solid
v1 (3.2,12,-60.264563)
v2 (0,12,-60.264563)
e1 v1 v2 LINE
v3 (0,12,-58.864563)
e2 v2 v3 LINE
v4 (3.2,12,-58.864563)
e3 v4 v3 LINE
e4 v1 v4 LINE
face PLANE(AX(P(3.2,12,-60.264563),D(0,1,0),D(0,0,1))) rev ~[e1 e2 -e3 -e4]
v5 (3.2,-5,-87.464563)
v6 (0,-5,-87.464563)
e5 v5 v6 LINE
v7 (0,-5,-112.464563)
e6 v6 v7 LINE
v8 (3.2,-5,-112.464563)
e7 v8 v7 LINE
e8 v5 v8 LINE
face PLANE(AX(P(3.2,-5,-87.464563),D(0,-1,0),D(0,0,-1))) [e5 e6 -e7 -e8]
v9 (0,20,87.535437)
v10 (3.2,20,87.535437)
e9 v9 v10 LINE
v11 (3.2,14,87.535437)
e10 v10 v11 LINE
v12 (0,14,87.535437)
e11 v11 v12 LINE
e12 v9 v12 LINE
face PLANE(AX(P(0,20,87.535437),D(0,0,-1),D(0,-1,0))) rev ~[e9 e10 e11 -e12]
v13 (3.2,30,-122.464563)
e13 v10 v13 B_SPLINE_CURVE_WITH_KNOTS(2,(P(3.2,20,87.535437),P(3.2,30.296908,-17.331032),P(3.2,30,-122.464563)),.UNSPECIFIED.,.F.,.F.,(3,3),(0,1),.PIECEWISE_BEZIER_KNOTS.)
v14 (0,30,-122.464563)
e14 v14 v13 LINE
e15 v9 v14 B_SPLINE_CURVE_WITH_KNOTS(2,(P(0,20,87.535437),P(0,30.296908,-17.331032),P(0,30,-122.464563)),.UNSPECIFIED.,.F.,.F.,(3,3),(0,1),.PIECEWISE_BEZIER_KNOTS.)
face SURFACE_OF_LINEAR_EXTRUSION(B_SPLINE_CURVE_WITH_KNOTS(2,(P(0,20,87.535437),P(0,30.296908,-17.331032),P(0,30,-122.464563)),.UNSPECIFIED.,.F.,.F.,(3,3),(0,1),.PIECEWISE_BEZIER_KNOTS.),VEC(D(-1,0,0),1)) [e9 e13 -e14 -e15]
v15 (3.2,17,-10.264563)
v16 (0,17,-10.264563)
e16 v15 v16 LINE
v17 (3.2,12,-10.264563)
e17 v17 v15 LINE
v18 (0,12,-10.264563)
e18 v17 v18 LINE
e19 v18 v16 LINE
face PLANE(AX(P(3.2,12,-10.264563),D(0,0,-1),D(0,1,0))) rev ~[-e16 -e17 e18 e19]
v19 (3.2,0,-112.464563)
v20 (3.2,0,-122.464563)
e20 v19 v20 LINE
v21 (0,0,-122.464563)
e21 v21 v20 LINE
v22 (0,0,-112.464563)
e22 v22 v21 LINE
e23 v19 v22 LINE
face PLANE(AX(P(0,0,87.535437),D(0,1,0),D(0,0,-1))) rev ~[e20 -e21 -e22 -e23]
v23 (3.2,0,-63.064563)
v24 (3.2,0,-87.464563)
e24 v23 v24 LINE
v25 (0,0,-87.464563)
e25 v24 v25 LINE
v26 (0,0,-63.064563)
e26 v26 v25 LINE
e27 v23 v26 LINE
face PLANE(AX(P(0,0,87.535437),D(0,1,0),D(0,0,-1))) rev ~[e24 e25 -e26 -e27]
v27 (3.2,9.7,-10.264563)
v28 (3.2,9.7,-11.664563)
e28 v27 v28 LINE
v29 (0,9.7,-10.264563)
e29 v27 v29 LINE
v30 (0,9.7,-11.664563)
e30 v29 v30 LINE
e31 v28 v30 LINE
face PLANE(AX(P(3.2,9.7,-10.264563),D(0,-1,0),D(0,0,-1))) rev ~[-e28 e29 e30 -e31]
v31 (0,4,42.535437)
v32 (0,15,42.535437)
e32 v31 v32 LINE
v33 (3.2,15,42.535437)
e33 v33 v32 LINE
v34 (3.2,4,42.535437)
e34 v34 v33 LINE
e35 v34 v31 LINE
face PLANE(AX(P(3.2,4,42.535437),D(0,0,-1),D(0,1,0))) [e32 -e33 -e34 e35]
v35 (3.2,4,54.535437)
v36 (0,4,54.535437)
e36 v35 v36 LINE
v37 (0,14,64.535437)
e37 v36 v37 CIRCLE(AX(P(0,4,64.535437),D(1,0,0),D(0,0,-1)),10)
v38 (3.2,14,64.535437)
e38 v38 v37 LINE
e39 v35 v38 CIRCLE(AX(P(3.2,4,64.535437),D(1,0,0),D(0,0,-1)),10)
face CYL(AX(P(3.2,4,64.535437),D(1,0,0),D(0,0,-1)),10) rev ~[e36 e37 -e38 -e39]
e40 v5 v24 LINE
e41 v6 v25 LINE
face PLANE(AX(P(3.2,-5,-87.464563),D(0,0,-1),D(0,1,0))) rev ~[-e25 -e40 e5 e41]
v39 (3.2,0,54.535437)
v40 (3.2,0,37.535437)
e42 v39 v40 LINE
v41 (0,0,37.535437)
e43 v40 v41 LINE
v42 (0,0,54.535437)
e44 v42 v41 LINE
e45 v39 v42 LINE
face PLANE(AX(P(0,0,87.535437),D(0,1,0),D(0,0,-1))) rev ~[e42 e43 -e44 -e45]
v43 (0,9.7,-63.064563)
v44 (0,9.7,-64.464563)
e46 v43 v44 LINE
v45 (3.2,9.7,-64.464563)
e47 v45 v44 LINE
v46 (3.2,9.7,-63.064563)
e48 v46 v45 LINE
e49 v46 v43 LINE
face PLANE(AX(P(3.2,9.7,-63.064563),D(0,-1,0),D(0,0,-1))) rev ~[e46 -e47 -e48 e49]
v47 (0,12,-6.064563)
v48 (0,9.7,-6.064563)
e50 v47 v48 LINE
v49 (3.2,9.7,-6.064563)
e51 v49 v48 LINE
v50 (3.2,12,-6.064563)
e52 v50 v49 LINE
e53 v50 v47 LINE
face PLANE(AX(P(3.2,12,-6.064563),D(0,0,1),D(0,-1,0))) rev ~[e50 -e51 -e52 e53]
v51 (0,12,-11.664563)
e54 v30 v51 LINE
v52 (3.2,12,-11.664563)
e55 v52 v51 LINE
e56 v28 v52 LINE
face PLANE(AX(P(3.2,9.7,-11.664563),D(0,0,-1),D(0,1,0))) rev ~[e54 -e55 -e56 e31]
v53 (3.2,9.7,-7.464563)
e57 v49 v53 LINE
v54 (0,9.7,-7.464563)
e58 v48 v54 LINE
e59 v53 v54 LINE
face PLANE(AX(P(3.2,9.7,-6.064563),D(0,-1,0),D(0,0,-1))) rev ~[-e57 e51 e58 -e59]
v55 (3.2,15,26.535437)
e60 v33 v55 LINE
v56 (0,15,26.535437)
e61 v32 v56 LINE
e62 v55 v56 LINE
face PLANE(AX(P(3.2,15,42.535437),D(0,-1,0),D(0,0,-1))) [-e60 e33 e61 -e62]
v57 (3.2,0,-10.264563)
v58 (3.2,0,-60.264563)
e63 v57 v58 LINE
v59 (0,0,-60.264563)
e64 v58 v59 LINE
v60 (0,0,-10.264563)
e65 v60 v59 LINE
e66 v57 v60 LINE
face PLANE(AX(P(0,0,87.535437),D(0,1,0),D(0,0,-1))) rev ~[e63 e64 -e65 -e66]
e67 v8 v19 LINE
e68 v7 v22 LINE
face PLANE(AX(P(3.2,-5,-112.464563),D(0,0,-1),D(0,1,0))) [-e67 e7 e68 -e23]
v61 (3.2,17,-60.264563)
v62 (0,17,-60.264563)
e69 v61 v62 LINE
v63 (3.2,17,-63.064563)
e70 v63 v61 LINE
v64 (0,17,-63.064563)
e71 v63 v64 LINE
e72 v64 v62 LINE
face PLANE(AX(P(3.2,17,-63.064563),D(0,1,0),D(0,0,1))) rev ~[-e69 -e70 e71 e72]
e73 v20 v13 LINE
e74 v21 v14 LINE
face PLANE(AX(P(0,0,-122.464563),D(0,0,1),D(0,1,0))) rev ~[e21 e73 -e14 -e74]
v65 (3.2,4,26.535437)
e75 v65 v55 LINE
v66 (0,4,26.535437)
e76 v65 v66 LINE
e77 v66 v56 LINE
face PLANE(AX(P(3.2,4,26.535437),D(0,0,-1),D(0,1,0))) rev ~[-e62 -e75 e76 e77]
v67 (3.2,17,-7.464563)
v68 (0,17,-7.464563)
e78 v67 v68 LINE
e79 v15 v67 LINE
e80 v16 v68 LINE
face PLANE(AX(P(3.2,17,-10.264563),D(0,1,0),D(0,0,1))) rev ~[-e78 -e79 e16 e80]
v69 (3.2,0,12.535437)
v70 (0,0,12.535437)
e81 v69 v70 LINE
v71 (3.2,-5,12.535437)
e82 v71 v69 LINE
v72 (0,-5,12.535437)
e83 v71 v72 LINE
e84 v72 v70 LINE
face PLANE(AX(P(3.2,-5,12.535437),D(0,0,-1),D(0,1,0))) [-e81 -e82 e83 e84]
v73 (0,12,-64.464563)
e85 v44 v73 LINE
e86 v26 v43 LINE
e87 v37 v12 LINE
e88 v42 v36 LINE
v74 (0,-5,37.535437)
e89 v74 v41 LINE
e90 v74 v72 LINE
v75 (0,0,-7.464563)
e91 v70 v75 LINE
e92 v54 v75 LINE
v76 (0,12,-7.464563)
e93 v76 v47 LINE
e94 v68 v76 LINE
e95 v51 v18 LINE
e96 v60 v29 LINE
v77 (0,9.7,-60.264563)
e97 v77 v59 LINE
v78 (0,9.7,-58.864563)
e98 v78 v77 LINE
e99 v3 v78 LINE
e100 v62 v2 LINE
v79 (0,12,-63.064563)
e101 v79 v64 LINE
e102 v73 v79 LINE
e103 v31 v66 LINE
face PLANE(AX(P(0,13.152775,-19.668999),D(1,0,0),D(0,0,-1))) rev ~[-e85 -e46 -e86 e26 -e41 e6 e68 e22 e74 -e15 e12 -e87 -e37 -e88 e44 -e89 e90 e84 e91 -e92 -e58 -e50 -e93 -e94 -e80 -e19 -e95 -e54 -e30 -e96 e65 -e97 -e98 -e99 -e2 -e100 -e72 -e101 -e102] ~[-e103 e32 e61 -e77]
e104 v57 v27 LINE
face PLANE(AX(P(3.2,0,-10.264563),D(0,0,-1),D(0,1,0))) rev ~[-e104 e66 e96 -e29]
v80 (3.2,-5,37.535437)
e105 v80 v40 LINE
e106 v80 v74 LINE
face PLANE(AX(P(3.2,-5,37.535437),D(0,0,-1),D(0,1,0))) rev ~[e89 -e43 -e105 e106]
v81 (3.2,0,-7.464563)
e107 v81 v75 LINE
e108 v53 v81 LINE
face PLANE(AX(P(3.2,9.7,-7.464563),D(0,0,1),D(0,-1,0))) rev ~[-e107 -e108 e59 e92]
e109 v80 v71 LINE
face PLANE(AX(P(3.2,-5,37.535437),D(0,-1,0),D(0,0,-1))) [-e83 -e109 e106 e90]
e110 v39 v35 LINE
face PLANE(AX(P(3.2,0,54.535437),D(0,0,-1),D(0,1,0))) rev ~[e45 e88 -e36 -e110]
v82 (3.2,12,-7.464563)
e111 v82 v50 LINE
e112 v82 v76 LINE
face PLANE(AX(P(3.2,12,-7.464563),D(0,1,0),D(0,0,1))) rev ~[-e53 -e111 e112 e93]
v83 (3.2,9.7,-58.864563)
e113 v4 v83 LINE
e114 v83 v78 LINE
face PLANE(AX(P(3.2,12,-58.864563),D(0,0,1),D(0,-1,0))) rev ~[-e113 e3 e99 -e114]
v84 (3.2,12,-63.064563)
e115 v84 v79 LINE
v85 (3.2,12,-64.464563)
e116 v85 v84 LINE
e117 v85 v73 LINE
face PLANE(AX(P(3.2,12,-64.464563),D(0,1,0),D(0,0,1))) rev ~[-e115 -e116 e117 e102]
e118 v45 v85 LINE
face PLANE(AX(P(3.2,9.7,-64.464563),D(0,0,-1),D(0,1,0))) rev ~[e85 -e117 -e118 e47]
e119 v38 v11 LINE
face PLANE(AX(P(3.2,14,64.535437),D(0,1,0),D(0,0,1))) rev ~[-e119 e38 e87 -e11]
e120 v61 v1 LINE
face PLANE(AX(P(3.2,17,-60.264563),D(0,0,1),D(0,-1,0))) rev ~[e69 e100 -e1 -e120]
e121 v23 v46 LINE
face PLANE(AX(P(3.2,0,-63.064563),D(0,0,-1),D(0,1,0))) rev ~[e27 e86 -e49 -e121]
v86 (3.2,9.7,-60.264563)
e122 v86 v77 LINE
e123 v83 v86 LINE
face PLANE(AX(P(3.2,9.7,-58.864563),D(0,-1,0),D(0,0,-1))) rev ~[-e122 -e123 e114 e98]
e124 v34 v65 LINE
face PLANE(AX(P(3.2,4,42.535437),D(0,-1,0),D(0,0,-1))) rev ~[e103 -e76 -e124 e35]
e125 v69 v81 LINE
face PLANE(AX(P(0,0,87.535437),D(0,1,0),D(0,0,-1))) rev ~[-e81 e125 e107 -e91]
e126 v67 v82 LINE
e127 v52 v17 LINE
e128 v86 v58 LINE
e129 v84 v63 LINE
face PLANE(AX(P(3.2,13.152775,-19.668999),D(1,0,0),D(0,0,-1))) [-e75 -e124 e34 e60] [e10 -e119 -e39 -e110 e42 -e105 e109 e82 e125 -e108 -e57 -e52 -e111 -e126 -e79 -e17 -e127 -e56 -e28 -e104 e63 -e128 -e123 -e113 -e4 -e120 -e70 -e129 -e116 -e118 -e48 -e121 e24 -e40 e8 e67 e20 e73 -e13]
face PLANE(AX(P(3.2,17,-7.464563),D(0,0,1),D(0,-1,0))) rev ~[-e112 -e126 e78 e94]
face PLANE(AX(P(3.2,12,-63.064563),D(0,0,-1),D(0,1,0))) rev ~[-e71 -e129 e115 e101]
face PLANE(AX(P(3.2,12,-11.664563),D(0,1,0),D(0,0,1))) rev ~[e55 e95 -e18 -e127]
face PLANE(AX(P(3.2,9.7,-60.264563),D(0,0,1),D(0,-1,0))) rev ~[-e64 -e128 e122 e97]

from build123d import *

# Parameters (mm, degrees)
MAIN_DEPTH        = 3.2
WHEEL_DEPTH       = 3.2
SKETCH3_W         = 25
SKETCH3_H         = 5
TABS_DEPTH        = 3.2
SCREW_HOLES_DEPTH = 3.2
SKETCH6_W         = 16
SKETCH6_H         = 11
USB_HOLE_DEPTH    = 3.2


with BuildPart() as part:
    # Sketch1 → main (new body)
    with BuildSketch(Plane(origin=(0, 0, 0), x_dir=(0, 0, -1), z_dir=(1, 0, 0))):
        with BuildLine():
            Line((-87.535437106, 0), (122.464562894, 0))
            Line((122.464562894, 0), (122.464562894, 30))
            add(Edge.make_bspline(
                [(-87.535437106, 20), (17.331032425, 30.296907598), (122.464562894, 30)],
                knots=[0, 0, 0, 1, 1, 1], degree=2))
            Line((-87.535437106, 20), (-87.535437106, 0))
        make_face()
    extrude(amount=MAIN_DEPTH)

    # Sketch2 → wheel (cut)
    with BuildSketch(Plane(origin=(3.2, 0, 0), x_dir=(0, 0, -1), z_dir=(1, 0, 0))):
        with BuildLine():
            Line((-87.535437106, 0), (-54.535437106, 0))
            Line((-54.535437106, 0), (-54.535437106, 4))
            ThreePointArc((-54.535437106, 4), (-57.464369294, 11.071067812), (-64.535437106, 14))
            Line((-64.535437106, 14), (-87.535437106, 14))
            Line((-87.535437106, 14), (-87.535437106, 0))
        make_face()
    extrude(amount=-WHEEL_DEPTH, mode=Mode.SUBTRACT)

    # Sketch3 → tabs (add)
    with BuildSketch(Plane(origin=(3.2, 0, 0), x_dir=(0, 0, -1), z_dir=(1, 0, 0))):
        with Locations((-25.035437106, -2.5)):
            Rectangle(SKETCH3_W, SKETCH3_H)
        with Locations((99.964562894, -2.5)):
            Rectangle(SKETCH3_W, SKETCH3_H)
    extrude(amount=-TABS_DEPTH)

    # Sketch5 → screw holes (cut)
    with BuildSketch(Plane(origin=(3.2, 0, 0), x_dir=(0, 0, -1), z_dir=(1, 0, 0))):
        Polygon((7.464562894, 0), (10.264562894, 0), (10.264562894, 9.7), (11.664562894, 9.7), (11.664562894, 12), (10.264562894, 12), (10.264562894, 17), (7.464562894, 17), (7.464562894, 12), (6.064562894, 12), (6.064562894, 9.7), (7.464562894, 9.7), align=None)
        Polygon((60.264562894, 0), (63.064562894, 0), (63.064562894, 9.7), (64.464562894, 9.7), (64.464562894, 12), (63.064562894, 12), (63.064562894, 17), (60.264562894, 17), (60.264562894, 12), (58.864562894, 12), (58.864562894, 9.7), (60.264562894, 9.7), align=None)
    extrude(amount=-SCREW_HOLES_DEPTH, mode=Mode.SUBTRACT)

    # Sketch6 → USB hole (cut)
    with BuildSketch(Plane(origin=(3.2, 0, 0), x_dir=(0, 0, -1), z_dir=(1, 0, 0))):
        with Locations((-34.535437106, 9.5)):
            Rectangle(SKETCH6_W, SKETCH6_H)
    extrude(amount=-USB_HOLE_DEPTH, mode=Mode.SUBTRACT)


solid = part.part
